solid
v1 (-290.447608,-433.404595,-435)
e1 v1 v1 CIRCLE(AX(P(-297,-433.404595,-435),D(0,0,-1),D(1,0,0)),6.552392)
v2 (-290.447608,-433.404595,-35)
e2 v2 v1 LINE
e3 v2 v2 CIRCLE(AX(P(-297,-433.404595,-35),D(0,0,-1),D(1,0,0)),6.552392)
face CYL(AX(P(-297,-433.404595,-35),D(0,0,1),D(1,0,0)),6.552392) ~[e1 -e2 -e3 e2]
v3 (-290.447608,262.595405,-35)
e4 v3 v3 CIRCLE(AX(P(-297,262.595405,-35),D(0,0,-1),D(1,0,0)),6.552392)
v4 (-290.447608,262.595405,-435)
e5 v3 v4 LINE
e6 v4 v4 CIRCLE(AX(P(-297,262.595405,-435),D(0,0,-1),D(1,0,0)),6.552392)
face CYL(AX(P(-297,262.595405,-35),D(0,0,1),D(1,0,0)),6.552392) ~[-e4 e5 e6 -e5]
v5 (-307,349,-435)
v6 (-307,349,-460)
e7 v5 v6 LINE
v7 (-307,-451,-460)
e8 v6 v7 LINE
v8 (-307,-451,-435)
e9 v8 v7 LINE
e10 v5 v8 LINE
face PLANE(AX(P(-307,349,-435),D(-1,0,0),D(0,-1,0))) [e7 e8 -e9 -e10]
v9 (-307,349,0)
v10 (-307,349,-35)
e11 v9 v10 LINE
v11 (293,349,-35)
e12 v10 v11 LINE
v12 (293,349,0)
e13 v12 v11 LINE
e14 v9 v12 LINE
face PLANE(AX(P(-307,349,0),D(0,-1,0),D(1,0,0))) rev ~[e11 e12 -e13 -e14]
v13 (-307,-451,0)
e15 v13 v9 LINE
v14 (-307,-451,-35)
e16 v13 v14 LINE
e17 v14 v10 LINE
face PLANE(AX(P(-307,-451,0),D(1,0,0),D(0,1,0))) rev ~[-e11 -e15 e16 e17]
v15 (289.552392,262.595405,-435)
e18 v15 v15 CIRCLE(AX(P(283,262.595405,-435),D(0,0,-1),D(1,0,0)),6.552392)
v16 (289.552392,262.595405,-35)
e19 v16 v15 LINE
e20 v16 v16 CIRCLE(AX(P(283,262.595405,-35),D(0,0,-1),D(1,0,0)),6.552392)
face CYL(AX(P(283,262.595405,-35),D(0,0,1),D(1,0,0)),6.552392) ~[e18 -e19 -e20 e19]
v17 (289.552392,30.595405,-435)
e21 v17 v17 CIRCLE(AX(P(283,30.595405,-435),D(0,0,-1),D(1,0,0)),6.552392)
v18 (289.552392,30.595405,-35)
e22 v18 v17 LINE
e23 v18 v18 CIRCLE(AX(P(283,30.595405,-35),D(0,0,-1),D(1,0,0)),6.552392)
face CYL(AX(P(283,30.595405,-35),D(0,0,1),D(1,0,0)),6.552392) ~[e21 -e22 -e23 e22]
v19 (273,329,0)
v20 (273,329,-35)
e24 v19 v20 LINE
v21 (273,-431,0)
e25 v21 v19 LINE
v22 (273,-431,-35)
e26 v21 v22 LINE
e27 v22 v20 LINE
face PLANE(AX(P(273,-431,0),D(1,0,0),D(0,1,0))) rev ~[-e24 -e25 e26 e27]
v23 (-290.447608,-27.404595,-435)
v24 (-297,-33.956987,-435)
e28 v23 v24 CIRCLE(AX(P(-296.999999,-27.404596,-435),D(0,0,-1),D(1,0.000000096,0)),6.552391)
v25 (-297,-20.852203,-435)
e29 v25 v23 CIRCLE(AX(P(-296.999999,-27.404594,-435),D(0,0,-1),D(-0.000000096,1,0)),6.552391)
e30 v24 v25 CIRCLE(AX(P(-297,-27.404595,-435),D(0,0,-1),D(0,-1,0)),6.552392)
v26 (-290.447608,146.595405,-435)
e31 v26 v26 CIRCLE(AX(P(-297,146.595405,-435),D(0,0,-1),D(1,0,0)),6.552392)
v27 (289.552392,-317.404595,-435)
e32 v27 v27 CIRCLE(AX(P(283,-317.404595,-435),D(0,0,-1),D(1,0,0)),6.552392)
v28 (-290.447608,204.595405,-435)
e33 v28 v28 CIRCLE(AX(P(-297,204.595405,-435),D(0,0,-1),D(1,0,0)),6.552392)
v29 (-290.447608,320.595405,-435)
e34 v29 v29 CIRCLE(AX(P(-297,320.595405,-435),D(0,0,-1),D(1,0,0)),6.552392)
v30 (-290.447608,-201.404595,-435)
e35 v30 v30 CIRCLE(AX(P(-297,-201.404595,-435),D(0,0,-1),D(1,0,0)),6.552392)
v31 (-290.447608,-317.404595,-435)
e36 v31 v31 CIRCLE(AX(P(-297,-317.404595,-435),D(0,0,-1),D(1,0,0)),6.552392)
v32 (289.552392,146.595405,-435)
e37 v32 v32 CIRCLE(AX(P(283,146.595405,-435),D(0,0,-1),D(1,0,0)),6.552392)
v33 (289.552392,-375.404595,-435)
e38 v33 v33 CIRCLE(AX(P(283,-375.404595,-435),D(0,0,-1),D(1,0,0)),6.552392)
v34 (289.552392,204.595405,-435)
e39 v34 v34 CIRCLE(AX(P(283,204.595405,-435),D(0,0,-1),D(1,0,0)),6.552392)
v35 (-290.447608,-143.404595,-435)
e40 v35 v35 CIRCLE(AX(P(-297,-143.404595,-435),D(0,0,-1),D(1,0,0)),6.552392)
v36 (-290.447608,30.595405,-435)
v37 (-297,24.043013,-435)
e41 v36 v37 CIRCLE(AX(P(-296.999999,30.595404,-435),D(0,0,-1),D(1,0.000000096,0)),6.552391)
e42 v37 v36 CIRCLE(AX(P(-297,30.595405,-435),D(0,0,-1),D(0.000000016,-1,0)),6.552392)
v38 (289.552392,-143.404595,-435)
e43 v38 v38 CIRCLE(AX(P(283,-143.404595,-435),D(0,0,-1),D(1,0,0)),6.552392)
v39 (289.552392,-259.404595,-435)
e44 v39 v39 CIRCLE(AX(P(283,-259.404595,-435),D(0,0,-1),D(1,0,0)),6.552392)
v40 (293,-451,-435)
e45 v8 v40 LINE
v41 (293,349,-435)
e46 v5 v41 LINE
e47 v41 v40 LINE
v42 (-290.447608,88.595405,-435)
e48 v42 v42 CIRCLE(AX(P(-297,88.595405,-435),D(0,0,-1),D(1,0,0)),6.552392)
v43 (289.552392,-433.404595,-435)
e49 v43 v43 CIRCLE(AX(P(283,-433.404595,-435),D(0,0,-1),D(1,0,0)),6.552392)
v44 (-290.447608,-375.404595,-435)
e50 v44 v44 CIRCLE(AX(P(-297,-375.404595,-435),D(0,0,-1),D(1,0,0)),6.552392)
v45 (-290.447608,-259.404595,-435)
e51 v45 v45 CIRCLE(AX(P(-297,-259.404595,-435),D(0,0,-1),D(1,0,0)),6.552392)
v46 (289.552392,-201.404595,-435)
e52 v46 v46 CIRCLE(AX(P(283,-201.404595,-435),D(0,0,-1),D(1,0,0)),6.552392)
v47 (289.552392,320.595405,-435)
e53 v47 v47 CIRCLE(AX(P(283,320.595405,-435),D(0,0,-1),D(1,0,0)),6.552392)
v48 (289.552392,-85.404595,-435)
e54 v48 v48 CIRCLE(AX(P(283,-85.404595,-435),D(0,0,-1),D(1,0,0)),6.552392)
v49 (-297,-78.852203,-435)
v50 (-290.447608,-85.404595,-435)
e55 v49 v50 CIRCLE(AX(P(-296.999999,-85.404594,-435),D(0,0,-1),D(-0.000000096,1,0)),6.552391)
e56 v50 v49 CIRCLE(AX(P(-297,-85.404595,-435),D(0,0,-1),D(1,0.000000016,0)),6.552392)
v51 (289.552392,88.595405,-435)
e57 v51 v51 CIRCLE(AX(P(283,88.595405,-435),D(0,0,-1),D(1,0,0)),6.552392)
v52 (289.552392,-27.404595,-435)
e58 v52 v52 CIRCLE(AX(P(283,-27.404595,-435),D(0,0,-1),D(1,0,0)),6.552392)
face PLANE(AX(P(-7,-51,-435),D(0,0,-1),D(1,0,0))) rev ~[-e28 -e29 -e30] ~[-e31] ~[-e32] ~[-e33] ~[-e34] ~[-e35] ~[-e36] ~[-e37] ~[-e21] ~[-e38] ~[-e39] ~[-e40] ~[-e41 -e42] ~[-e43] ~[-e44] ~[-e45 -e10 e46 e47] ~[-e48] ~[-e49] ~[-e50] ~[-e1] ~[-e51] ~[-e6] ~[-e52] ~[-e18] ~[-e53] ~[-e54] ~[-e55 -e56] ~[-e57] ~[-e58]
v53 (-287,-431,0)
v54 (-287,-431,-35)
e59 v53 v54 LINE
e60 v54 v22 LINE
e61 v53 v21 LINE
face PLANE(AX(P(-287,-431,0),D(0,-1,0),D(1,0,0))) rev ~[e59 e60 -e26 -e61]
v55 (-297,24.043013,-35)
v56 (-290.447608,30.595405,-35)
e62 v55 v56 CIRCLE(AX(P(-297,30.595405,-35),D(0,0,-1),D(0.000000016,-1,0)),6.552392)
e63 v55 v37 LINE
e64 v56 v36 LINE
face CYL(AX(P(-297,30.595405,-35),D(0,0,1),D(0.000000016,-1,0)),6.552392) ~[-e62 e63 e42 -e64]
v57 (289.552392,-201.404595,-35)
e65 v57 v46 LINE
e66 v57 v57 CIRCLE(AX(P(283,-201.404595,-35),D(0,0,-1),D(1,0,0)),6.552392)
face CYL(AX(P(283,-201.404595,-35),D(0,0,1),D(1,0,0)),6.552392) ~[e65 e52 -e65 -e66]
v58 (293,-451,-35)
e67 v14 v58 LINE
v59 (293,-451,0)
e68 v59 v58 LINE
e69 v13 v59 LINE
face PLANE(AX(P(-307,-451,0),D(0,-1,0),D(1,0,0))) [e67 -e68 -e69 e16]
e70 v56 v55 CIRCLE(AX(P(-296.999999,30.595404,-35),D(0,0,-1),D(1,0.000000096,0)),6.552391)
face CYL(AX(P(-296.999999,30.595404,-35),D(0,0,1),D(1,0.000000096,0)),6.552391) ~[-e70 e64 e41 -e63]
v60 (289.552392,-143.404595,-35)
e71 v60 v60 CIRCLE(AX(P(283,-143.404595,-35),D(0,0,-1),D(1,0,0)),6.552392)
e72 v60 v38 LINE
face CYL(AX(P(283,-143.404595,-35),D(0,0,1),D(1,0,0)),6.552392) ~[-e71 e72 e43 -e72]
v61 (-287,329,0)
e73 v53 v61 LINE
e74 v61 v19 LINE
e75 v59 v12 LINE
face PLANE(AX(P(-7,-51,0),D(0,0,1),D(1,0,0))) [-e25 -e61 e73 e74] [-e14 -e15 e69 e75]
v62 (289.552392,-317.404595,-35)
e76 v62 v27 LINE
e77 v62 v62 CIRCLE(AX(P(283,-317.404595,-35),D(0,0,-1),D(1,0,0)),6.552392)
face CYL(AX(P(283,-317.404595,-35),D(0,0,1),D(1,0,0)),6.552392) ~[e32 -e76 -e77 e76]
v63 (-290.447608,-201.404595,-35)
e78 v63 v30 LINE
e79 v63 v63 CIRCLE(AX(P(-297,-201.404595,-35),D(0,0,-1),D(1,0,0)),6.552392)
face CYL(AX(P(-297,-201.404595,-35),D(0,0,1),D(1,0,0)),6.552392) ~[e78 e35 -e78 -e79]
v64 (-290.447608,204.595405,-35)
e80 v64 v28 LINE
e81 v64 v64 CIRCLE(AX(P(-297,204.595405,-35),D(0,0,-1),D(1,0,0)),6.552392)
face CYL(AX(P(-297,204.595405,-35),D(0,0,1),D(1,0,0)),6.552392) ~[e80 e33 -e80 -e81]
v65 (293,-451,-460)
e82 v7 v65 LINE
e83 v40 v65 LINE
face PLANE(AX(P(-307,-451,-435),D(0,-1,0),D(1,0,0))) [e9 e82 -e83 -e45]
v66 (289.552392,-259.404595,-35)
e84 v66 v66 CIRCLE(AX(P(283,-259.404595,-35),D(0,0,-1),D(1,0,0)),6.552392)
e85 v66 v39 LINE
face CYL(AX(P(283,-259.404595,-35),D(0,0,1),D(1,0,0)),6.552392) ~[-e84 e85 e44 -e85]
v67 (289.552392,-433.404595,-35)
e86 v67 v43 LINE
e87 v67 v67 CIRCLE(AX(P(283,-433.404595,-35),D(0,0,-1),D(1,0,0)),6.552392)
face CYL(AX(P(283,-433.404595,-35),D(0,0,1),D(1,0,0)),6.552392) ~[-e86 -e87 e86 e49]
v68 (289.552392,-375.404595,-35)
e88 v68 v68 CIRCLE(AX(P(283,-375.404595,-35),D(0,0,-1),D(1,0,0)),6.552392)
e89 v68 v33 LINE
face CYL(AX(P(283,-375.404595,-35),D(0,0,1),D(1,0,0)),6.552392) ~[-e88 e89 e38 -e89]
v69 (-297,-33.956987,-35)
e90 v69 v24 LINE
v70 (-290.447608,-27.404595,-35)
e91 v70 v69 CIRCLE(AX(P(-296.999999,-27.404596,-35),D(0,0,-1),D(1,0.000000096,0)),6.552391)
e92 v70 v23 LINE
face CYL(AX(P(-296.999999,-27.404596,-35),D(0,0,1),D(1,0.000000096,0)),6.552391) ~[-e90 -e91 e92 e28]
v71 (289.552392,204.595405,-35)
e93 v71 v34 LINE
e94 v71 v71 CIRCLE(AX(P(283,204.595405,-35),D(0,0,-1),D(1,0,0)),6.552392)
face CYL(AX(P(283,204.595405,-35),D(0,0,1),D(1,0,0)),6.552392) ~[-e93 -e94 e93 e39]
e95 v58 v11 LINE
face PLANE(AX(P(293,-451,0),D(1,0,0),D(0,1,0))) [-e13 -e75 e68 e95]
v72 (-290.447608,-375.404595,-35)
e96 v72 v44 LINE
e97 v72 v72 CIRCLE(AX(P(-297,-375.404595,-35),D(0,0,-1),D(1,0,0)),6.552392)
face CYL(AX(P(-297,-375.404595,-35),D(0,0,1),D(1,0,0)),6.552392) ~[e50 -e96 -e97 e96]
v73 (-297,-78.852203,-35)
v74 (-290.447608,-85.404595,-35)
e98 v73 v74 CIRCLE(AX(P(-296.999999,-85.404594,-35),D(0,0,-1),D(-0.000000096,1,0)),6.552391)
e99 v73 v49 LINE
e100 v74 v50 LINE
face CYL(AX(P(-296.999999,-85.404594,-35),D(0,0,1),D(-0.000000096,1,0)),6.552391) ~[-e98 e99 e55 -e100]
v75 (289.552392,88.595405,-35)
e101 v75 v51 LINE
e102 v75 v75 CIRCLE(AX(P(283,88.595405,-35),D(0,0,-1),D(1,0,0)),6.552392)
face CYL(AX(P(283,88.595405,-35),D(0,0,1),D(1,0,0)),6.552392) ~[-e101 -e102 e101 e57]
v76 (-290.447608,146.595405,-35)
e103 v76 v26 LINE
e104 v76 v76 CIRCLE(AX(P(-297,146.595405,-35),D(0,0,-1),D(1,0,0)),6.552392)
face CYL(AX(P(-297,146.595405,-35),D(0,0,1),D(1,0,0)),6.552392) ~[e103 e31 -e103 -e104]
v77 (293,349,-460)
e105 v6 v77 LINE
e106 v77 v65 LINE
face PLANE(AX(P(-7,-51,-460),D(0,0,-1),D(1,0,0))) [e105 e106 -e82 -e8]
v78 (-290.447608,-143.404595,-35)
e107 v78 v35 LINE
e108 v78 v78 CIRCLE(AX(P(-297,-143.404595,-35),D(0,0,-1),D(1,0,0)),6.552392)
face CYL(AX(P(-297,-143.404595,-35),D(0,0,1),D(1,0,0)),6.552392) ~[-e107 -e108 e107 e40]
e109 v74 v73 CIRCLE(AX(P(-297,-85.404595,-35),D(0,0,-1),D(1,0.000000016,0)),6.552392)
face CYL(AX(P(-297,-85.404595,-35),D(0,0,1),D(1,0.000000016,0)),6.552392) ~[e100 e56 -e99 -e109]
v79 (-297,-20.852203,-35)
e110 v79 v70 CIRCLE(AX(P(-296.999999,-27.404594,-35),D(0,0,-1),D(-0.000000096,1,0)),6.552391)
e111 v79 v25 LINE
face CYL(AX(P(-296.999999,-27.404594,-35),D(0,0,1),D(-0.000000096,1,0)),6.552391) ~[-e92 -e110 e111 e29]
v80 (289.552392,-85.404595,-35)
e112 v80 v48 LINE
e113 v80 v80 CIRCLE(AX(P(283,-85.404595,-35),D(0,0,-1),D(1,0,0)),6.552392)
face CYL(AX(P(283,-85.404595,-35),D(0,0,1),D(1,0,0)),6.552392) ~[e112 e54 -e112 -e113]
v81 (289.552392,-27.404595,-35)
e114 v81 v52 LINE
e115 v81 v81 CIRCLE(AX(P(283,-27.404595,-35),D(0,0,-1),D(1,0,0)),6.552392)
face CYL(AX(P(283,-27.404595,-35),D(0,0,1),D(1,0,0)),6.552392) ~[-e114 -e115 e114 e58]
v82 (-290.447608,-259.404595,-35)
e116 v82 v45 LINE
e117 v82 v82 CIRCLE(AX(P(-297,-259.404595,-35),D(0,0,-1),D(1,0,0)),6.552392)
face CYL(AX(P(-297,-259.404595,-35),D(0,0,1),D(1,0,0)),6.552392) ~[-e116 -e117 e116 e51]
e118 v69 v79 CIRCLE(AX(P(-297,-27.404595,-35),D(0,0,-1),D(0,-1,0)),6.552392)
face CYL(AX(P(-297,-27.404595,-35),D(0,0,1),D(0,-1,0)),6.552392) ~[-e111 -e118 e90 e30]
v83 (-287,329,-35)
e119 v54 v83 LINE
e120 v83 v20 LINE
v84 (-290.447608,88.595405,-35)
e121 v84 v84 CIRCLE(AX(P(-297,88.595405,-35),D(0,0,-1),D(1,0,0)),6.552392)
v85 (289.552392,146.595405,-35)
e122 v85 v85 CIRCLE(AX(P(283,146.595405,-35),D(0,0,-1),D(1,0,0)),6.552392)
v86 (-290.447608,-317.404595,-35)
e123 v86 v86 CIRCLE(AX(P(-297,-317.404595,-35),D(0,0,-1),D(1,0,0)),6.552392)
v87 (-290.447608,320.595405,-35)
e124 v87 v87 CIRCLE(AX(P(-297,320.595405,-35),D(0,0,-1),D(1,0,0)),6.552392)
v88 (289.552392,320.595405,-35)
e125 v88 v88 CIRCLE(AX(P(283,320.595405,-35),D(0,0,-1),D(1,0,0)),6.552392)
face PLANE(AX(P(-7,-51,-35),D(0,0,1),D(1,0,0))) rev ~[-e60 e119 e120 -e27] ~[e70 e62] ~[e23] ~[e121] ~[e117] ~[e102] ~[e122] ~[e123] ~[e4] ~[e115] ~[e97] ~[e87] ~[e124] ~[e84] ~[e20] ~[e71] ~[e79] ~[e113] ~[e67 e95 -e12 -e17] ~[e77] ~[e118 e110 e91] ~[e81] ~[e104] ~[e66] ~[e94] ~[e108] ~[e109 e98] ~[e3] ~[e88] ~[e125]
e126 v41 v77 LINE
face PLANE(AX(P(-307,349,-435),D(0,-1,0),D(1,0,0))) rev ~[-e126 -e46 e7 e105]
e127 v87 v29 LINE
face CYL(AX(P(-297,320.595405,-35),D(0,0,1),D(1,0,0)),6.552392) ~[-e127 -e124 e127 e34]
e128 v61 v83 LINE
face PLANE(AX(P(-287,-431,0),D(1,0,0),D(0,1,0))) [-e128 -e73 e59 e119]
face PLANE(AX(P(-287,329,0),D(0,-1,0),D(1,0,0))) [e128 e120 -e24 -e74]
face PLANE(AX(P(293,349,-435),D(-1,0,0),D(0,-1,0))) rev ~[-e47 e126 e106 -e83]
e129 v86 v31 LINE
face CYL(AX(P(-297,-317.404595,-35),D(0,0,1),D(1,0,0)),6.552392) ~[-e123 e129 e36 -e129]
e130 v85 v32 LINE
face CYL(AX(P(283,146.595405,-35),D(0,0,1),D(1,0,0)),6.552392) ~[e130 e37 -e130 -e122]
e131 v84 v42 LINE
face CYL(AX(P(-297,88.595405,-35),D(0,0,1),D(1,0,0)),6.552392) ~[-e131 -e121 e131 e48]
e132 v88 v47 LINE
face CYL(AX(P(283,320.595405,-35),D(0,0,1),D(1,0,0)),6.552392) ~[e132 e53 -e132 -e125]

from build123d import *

# Parameters (mm, degrees)
F0_W     = 600
F0_H     = 800
F0_R     = 6.552392
F0_W_2   = 560
F0_H_2   = 760
F1_DEPTH = 35
F2_R     = 6.552392
F3_DEPTH = 400
F4_W     = 600
F4_H     = 800
F5_DEPTH = 25


with BuildPart() as f1:
    # F0 (on Top) → F1 (new body)
    with BuildSketch(Plane.XY):
        with Locations((-7, -51)):
            Rectangle(F0_W, F0_H)
        with Locations((-297, -433.404595)):
            Circle(F0_R, mode=Mode.SUBTRACT)
        with Locations((-297, -375.404595)):
            Circle(F0_R, mode=Mode.SUBTRACT)
        with Locations((-297, -317.404595)):
            Circle(F0_R, mode=Mode.SUBTRACT)
        with Locations((-297, -259.404595)):
            Circle(F0_R, mode=Mode.SUBTRACT)
        with Locations((-297, -201.404595)):
            Circle(F0_R, mode=Mode.SUBTRACT)
        with Locations((-297, -143.404595)):
            Circle(F0_R, mode=Mode.SUBTRACT)
        with Locations((-297, -85.404595)):
            Circle(F0_R, mode=Mode.SUBTRACT)
        with Locations((283, -433.404595)):
            Circle(F0_R, mode=Mode.SUBTRACT)
        with Locations((283, -375.404595)):
            Circle(F0_R, mode=Mode.SUBTRACT)
        with Locations((283, -317.404595)):
            Circle(F0_R, mode=Mode.SUBTRACT)
        with Locations((283, -259.404595)):
            Circle(F0_R, mode=Mode.SUBTRACT)
        with Locations((283, -201.404595)):
            Circle(F0_R, mode=Mode.SUBTRACT)
        with Locations((283, -143.404595)):
            Circle(F0_R, mode=Mode.SUBTRACT)
        with Locations((283, -85.404595)):
            Circle(F0_R, mode=Mode.SUBTRACT)
        with Locations((-297, -27.404595)):
            Circle(F0_R, mode=Mode.SUBTRACT)
        with Locations((-297, 30.595405)):
            Circle(F0_R, mode=Mode.SUBTRACT)
        with Locations((-297, 88.595405)):
            Circle(F0_R, mode=Mode.SUBTRACT)
        with Locations((-297, 146.595405)):
            Circle(F0_R, mode=Mode.SUBTRACT)
        with Locations((-297, 204.595405)):
            Circle(F0_R, mode=Mode.SUBTRACT)
        with Locations((-297, 262.595405)):
            Circle(F0_R, mode=Mode.SUBTRACT)
        with Locations((-297, 320.595405)):
            Circle(F0_R, mode=Mode.SUBTRACT)
        with Locations((-7, -51)):
            Rectangle(F0_W_2, F0_H_2, mode=Mode.SUBTRACT)
        with Locations((283, -27.404595)):
            Circle(F0_R, mode=Mode.SUBTRACT)
        with Locations((283, 30.595405)):
            Circle(F0_R, mode=Mode.SUBTRACT)
        with Locations((283, 88.595405)):
            Circle(F0_R, mode=Mode.SUBTRACT)
        with Locations((283, 146.595405)):
            Circle(F0_R, mode=Mode.SUBTRACT)
        with Locations((283, 204.595405)):
            Circle(F0_R, mode=Mode.SUBTRACT)
        with Locations((283, 262.595405)):
            Circle(F0_R, mode=Mode.SUBTRACT)
        with Locations((283, 320.595405)):
            Circle(F0_R, mode=Mode.SUBTRACT)
        with Locations((283, -433.404595)):
            Circle(F0_R)
        with Locations((283, -375.404595)):
            Circle(F0_R)
        with Locations((283, -317.404595)):
            Circle(F0_R)
        with Locations((283, -259.404595)):
            Circle(F0_R)
        with Locations((283, -201.404595)):
            Circle(F0_R)
        with Locations((283, -143.404595)):
            Circle(F0_R)
        with Locations((283, -85.404595)):
            Circle(F0_R)
        with Locations((283, -27.404595)):
            Circle(F0_R)
        with Locations((283, 30.595405)):
            Circle(F0_R)
        with Locations((283, 88.595405)):
            Circle(F0_R)
        with Locations((283, 146.595405)):
            Circle(F0_R)
        with Locations((283, 204.595405)):
            Circle(F0_R)
        with Locations((283, 262.595405)):
            Circle(F0_R)
        with Locations((283, 320.595405)):
            Circle(F0_R)
        with Locations((-297, 320.595405)):
            Circle(F0_R)
        with Locations((-297, 262.595405)):
            Circle(F0_R)
        with Locations((-297, 204.595405)):
            Circle(F0_R)
        with Locations((-297, 146.595405)):
            Circle(F0_R)
        with Locations((-297, 88.595405)):
            Circle(F0_R)
        with Locations((-297, 30.595405)):
            Circle(F0_R)
        with Locations((-297, -27.404595)):
            Circle(F0_R)
        with Locations((-297, -85.404595)):
            Circle(F0_R)
        with Locations((-297, -143.404595)):
            Circle(F0_R)
        with Locations((-297, -201.404595)):
            Circle(F0_R)
        with Locations((-297, -259.404595)):
            Circle(F0_R)
        with Locations((-297, -317.404595)):
            Circle(F0_R)
        with Locations((-297, -375.404595)):
            Circle(F0_R)
        with Locations((-297, -433.404595)):
            Circle(F0_R)
    extrude(amount=-F1_DEPTH)

    # F2 (on face) → F3 (join)
    with BuildSketch(Plane(origin=(0, 0, -35), x_dir=(1, 0, 0), z_dir=(0, 0, -1))):
        with Locations((-297, 433.404595)):
            Circle(F2_R)
        with Locations((-297, 143.404595)):
            Circle(F2_R)
        with Locations((-297, 375.404595)):
            Circle(F2_R)
        with Locations((-297, -204.595405)):
            Circle(F2_R)
        with BuildLine():
            ThreePointArc((-297, 33.956987), (-303.552392, 27.404595), (-297, 20.852203))
            Line((-297, 20.852203), (-297, 27.404595))
            Line((-297, 27.404595), (-297, 33.956987))
        make_face()
        with Locations((-297, -262.595405)):
            Circle(F2_R)
        with Locations((-297, -146.595405)):
            Circle(F2_R)
        with Locations((-297, 259.404595)):
            Circle(F2_R)
        with Locations((283, -88.595405)):
            Circle(F2_R)
        with BuildLine():
            ThreePointArc((-297, -24.043013), (-301.633241, -35.228646), (-290.447608, -30.595405))
            ThreePointArc((-290.447608, -30.595405), (-292.366759, -25.962164), (-297, -24.043013))
        make_face()
        with Locations((283, 85.404595)):
            Circle(F2_R)
        with Locations((283, -320.595405)):
            Circle(F2_R)
        with Locations((283, -204.595405)):
            Circle(F2_R)
        with Locations((283, -262.595405)):
            Circle(F2_R)
        with Locations((283, 143.404595)):
            Circle(F2_R)
        with Locations((283, 259.404595)):
            Circle(F2_R)
        with Locations((283, -146.595405)):
            Circle(F2_R)
        with Locations((283, 317.404595)):
            Circle(F2_R)
        with Locations((283, 201.404595)):
            Circle(F2_R)
        with Locations((283, -30.595405)):
            Circle(F2_R)
        with Locations((283, 27.404595)):
            Circle(F2_R)
        with BuildLine():
            ThreePointArc((-290.447608, 85.404595), (-301.633241, 90.037836), (-297, 78.852203))
            ThreePointArc((-297, 78.852203), (-292.366759, 80.771354), (-290.447608, 85.404595))
        make_face()
        with Locations((-297, 201.404595)):
            Circle(F2_R)
        with Locations((-297, -88.595405)):
            Circle(F2_R)
        with Locations((-297, 317.404595)):
            Circle(F2_R)
        with Locations((-297, -320.595405)):
            Circle(F2_R)
        with BuildLine():
            Line((-297, 27.404595), (-297, 20.852203))
            ThreePointArc((-297, 20.852203), (-292.366759, 22.771354), (-290.447608, 27.404595))
            ThreePointArc((-290.447608, 27.404595), (-292.366759, 32.037836), (-297, 33.956987))
            Line((-297, 33.956987), (-297, 27.404595))
        make_face()
        with Locations((283, 433.404595)):
            Circle(F2_R)
        with Locations((283, 375.404595)):
            Circle(F2_R)
    extrude(amount=F3_DEPTH)

    # F4 (on face) → F5 (join)
    with BuildSketch(Plane(origin=(0, 0, -435), x_dir=(1, 0, 0), z_dir=(0, 0, -1))):
        with Locations((-7, 51)):
            Rectangle(F4_W, F4_H)
    extrude(amount=F5_DEPTH)


solid = f1.part
